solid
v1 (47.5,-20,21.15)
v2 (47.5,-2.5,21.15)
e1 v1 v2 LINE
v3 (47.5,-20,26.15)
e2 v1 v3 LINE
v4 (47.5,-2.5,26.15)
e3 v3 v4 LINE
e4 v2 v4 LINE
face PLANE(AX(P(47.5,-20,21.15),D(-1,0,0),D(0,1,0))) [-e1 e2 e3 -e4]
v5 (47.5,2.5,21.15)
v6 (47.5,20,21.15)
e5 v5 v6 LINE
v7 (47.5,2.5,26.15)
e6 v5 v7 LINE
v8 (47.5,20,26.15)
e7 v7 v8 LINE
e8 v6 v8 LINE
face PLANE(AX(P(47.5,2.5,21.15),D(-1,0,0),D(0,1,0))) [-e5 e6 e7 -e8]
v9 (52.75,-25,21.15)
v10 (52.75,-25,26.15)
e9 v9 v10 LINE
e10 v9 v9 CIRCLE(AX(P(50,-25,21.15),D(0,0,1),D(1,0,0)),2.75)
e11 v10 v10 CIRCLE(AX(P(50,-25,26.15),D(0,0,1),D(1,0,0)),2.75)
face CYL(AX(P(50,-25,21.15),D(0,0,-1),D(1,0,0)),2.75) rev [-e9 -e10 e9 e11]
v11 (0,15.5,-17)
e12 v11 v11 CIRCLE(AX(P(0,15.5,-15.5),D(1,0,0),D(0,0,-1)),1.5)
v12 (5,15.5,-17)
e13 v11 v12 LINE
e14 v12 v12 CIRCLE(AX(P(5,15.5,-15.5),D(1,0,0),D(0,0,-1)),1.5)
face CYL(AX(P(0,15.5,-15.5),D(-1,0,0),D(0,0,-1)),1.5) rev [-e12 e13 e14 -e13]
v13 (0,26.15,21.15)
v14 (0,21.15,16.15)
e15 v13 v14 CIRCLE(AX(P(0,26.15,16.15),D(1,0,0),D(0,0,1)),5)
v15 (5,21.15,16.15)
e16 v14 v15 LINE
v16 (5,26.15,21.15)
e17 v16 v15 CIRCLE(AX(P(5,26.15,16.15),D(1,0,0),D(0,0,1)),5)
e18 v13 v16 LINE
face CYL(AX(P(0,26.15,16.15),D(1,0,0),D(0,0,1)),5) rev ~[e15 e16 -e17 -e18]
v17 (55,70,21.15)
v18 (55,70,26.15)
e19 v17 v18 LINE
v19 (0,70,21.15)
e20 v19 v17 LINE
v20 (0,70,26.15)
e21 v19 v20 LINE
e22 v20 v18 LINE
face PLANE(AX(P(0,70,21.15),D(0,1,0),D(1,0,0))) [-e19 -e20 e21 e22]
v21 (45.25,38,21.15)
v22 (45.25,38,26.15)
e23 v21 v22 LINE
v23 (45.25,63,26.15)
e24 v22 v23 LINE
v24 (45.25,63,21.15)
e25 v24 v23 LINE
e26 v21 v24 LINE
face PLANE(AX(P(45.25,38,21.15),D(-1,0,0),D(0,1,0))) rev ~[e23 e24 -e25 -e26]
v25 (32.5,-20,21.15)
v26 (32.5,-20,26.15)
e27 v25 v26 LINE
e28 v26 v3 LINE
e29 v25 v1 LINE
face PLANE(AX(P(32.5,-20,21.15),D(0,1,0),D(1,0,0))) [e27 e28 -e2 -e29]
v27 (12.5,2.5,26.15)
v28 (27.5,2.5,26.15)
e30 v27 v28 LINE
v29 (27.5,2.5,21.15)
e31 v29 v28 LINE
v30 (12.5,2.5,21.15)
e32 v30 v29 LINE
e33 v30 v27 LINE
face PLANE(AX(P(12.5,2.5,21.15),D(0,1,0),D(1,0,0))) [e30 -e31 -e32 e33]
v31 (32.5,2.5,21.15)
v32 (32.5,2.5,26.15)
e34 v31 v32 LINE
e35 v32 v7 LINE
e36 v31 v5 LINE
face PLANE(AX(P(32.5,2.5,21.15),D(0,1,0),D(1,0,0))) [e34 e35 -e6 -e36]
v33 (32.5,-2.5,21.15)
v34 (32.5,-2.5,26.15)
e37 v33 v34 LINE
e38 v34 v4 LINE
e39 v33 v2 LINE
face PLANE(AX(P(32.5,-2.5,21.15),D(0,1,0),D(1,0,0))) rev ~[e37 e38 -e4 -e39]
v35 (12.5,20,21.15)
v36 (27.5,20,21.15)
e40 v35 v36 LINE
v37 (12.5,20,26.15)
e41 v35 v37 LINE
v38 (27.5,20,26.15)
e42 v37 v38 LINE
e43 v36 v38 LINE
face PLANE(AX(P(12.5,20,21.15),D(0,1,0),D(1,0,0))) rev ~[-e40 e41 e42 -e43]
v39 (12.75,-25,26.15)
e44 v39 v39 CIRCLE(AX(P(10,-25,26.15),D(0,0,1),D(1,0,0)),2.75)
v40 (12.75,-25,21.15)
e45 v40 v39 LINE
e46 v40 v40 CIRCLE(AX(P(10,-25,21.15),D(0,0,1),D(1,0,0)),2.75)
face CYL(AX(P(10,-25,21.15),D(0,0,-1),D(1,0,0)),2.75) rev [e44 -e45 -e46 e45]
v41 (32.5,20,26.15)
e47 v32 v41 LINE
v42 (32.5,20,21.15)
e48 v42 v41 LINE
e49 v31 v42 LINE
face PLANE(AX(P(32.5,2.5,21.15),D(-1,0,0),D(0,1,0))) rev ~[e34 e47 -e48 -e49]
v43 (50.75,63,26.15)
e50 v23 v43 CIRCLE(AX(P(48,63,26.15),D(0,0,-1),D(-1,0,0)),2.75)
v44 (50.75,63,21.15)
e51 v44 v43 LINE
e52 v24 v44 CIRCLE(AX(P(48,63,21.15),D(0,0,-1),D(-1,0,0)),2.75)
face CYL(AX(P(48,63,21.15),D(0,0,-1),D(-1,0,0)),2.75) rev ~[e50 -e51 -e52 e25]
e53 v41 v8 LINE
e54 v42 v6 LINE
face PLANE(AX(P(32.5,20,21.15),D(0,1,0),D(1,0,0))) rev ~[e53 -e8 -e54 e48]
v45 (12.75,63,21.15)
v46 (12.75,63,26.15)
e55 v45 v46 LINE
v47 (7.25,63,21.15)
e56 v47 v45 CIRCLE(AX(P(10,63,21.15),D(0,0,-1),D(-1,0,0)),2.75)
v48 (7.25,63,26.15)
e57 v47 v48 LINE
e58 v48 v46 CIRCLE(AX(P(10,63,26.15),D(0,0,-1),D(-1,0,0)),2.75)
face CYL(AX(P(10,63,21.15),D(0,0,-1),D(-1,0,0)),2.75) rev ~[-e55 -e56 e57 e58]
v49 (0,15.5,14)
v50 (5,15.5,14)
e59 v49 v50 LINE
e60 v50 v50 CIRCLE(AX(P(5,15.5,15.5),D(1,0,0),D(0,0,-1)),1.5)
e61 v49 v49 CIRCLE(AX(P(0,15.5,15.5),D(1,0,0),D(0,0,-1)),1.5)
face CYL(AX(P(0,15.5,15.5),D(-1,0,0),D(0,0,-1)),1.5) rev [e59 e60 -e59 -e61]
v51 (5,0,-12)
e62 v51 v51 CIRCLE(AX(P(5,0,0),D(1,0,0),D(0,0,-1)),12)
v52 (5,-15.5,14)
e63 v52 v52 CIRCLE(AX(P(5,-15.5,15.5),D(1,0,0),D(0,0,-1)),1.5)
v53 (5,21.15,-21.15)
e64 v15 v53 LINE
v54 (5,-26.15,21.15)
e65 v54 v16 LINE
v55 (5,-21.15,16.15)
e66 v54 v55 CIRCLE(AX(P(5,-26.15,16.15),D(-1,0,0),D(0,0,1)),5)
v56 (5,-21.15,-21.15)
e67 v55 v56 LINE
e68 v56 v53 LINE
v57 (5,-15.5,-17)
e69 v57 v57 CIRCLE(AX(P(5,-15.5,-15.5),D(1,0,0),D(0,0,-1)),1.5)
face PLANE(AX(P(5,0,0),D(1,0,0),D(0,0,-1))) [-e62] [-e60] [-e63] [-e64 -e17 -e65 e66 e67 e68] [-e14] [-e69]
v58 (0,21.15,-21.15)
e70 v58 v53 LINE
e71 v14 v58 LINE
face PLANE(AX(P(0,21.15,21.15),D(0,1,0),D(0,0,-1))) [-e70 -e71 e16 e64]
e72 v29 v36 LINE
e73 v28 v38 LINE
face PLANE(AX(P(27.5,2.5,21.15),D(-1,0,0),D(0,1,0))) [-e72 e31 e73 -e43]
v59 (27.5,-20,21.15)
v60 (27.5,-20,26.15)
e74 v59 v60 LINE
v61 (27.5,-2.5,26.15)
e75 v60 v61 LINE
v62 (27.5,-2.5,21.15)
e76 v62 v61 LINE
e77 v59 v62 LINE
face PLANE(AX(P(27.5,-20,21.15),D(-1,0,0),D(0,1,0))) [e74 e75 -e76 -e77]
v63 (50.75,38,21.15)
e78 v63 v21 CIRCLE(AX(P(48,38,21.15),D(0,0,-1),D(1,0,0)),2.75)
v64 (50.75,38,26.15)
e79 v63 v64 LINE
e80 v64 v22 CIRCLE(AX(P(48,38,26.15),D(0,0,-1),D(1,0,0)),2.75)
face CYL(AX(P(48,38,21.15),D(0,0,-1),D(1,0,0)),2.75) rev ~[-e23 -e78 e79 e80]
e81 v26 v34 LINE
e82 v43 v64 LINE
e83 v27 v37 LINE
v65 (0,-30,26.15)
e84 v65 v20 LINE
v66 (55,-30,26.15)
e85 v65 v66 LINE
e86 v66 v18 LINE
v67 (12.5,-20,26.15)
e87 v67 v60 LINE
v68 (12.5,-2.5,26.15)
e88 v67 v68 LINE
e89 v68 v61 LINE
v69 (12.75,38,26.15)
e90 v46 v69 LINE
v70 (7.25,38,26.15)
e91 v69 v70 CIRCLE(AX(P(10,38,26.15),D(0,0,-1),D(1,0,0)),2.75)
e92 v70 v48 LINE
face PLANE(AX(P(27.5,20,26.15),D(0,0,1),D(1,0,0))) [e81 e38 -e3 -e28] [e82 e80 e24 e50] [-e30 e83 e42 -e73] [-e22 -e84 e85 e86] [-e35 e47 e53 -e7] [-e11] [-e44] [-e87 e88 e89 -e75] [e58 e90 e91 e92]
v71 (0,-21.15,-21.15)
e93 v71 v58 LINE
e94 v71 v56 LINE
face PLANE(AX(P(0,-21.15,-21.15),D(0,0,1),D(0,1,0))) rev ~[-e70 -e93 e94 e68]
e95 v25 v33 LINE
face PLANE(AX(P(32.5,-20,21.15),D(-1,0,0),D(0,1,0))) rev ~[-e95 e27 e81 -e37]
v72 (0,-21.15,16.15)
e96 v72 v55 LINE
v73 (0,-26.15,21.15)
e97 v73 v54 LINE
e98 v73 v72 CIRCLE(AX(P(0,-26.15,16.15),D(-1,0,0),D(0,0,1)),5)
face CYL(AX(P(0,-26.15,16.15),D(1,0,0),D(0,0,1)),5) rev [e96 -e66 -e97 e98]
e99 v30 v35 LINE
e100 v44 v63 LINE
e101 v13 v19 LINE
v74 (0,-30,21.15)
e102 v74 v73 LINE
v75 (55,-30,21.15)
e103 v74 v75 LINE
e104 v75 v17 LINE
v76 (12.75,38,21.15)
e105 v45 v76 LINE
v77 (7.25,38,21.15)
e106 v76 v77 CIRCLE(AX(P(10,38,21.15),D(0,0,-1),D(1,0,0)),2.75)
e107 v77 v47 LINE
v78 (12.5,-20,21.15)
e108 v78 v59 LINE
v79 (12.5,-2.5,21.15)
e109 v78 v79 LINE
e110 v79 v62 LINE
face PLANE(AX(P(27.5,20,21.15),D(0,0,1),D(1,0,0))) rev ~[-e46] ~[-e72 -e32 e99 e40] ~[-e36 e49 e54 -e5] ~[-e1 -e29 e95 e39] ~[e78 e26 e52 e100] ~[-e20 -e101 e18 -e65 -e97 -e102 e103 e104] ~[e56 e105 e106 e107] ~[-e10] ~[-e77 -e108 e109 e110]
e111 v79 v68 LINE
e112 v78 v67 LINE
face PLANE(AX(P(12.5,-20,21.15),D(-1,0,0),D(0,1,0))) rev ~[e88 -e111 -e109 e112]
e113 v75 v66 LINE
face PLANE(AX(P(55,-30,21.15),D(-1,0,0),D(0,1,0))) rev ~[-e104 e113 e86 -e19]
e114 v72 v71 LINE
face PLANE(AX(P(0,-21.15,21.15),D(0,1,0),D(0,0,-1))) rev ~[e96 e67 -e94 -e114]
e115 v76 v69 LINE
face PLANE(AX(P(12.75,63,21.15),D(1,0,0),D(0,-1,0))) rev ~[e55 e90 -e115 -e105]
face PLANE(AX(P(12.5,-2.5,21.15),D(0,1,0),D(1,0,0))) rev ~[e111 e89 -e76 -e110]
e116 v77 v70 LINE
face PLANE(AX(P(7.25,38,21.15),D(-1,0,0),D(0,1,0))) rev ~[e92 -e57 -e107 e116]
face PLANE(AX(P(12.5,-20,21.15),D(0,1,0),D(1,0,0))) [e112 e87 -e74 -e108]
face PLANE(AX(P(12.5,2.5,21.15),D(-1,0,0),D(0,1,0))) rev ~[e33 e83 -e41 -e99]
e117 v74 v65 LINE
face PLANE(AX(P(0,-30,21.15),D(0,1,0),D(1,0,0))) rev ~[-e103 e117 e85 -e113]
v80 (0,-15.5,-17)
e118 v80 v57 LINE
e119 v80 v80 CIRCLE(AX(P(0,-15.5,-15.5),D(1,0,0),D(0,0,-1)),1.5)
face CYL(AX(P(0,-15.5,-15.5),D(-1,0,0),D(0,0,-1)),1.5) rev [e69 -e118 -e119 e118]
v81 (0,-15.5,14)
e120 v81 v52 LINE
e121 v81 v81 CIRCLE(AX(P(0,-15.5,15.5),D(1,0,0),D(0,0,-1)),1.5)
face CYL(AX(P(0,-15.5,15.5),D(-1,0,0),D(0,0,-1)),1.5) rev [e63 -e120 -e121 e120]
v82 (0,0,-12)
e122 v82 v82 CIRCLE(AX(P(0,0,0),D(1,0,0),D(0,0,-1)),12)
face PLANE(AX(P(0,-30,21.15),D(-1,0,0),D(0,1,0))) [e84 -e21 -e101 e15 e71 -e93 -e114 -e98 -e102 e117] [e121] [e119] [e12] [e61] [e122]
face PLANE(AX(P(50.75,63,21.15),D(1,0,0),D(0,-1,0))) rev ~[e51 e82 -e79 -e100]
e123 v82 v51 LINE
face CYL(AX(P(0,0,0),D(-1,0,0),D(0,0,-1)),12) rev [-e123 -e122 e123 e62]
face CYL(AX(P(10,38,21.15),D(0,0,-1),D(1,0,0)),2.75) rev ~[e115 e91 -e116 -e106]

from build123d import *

# Parameters (mm, degrees)
SKETCH2_W           = 42.3
SKETCH2_H           = 42.3
SKETCH2_R           = 1.5
SKETCH2_R_2         = 12
BOSS_EXTRUDE1_DEPTH = 5
SKETCH3_W           = 55
SKETCH3_H           = 100
SKETCH3_R           = 2.75
SKETCH3_W_2         = 15
SKETCH3_H_2         = 17.5
BOSS_EXTRUDE2_DEPTH = 5
FILLET1_R           = 5


with BuildPart() as part:
    # Sketch2 → Boss-Extrude1 (new body)
    with BuildSketch(Plane(origin=(0, 0, 0), x_dir=(0, 0, -1), z_dir=(1, 0, 0))):
        Rectangle(SKETCH2_W, SKETCH2_H)
        with Locations((-15.5, 15.5)):
            Circle(SKETCH2_R, mode=Mode.SUBTRACT)
        with Locations((15.5, 15.5)):
            Circle(SKETCH2_R, mode=Mode.SUBTRACT)
        with Locations((15.5, -15.5)):
            Circle(SKETCH2_R, mode=Mode.SUBTRACT)
        with Locations((-15.5, -15.5)):
            Circle(SKETCH2_R, mode=Mode.SUBTRACT)
        Circle(SKETCH2_R_2, mode=Mode.SUBTRACT)
    extrude(amount=BOSS_EXTRUDE1_DEPTH)

    # Sketch3 → Boss-Extrude2 (add)
    with BuildSketch(Plane.XY.offset(21.15)):
        with Locations((27.5, 20)):
            Rectangle(SKETCH3_W, SKETCH3_H)
        with Locations((50, -25)):
            Circle(SKETCH3_R, mode=Mode.SUBTRACT)
        with Locations((10, -25)):
            Circle(SKETCH3_R, mode=Mode.SUBTRACT)
        with Locations((20, 11.25)):
            Rectangle(SKETCH3_W_2, SKETCH3_H_2, mode=Mode.SUBTRACT)
        with Locations((40, 11.25)):
            Rectangle(SKETCH3_W_2, SKETCH3_H_2, mode=Mode.SUBTRACT)
        with Locations((40, -11.25)):
            Rectangle(SKETCH3_W_2, SKETCH3_H_2, mode=Mode.SUBTRACT)
        with Locations((20, -11.25)):
            Rectangle(SKETCH3_W_2, SKETCH3_H_2, mode=Mode.SUBTRACT)
        with BuildLine():
            Line((50.75, 63), (50.75, 38))
            ThreePointArc((50.75, 38), (48, 35.25), (45.25, 38))
            Line((45.25, 38), (45.25, 63))
            ThreePointArc((45.25, 63), (48, 65.75), (50.75, 63))
        make_face(mode=Mode.SUBTRACT)
        with BuildLine():
            Line((12.75, 63), (12.75, 38))
            ThreePointArc((12.75, 38), (10, 35.25), (7.25, 38))
            Line((7.25, 38), (7.25, 63))
            ThreePointArc((7.25, 63), (10, 65.75), (12.75, 63))
        make_face(mode=Mode.SUBTRACT)
    extrude(amount=BOSS_EXTRUDE2_DEPTH)

    # Fillet1
    fillet1_edges = [part.edges().sort_by_distance(p)[0] for p in [
        (2.5, -21.15, 21.15),
        (2.5, 21.15, 21.15),
    ]]
    fillet(fillet1_edges, radius=FILLET1_R)


solid = part.part
